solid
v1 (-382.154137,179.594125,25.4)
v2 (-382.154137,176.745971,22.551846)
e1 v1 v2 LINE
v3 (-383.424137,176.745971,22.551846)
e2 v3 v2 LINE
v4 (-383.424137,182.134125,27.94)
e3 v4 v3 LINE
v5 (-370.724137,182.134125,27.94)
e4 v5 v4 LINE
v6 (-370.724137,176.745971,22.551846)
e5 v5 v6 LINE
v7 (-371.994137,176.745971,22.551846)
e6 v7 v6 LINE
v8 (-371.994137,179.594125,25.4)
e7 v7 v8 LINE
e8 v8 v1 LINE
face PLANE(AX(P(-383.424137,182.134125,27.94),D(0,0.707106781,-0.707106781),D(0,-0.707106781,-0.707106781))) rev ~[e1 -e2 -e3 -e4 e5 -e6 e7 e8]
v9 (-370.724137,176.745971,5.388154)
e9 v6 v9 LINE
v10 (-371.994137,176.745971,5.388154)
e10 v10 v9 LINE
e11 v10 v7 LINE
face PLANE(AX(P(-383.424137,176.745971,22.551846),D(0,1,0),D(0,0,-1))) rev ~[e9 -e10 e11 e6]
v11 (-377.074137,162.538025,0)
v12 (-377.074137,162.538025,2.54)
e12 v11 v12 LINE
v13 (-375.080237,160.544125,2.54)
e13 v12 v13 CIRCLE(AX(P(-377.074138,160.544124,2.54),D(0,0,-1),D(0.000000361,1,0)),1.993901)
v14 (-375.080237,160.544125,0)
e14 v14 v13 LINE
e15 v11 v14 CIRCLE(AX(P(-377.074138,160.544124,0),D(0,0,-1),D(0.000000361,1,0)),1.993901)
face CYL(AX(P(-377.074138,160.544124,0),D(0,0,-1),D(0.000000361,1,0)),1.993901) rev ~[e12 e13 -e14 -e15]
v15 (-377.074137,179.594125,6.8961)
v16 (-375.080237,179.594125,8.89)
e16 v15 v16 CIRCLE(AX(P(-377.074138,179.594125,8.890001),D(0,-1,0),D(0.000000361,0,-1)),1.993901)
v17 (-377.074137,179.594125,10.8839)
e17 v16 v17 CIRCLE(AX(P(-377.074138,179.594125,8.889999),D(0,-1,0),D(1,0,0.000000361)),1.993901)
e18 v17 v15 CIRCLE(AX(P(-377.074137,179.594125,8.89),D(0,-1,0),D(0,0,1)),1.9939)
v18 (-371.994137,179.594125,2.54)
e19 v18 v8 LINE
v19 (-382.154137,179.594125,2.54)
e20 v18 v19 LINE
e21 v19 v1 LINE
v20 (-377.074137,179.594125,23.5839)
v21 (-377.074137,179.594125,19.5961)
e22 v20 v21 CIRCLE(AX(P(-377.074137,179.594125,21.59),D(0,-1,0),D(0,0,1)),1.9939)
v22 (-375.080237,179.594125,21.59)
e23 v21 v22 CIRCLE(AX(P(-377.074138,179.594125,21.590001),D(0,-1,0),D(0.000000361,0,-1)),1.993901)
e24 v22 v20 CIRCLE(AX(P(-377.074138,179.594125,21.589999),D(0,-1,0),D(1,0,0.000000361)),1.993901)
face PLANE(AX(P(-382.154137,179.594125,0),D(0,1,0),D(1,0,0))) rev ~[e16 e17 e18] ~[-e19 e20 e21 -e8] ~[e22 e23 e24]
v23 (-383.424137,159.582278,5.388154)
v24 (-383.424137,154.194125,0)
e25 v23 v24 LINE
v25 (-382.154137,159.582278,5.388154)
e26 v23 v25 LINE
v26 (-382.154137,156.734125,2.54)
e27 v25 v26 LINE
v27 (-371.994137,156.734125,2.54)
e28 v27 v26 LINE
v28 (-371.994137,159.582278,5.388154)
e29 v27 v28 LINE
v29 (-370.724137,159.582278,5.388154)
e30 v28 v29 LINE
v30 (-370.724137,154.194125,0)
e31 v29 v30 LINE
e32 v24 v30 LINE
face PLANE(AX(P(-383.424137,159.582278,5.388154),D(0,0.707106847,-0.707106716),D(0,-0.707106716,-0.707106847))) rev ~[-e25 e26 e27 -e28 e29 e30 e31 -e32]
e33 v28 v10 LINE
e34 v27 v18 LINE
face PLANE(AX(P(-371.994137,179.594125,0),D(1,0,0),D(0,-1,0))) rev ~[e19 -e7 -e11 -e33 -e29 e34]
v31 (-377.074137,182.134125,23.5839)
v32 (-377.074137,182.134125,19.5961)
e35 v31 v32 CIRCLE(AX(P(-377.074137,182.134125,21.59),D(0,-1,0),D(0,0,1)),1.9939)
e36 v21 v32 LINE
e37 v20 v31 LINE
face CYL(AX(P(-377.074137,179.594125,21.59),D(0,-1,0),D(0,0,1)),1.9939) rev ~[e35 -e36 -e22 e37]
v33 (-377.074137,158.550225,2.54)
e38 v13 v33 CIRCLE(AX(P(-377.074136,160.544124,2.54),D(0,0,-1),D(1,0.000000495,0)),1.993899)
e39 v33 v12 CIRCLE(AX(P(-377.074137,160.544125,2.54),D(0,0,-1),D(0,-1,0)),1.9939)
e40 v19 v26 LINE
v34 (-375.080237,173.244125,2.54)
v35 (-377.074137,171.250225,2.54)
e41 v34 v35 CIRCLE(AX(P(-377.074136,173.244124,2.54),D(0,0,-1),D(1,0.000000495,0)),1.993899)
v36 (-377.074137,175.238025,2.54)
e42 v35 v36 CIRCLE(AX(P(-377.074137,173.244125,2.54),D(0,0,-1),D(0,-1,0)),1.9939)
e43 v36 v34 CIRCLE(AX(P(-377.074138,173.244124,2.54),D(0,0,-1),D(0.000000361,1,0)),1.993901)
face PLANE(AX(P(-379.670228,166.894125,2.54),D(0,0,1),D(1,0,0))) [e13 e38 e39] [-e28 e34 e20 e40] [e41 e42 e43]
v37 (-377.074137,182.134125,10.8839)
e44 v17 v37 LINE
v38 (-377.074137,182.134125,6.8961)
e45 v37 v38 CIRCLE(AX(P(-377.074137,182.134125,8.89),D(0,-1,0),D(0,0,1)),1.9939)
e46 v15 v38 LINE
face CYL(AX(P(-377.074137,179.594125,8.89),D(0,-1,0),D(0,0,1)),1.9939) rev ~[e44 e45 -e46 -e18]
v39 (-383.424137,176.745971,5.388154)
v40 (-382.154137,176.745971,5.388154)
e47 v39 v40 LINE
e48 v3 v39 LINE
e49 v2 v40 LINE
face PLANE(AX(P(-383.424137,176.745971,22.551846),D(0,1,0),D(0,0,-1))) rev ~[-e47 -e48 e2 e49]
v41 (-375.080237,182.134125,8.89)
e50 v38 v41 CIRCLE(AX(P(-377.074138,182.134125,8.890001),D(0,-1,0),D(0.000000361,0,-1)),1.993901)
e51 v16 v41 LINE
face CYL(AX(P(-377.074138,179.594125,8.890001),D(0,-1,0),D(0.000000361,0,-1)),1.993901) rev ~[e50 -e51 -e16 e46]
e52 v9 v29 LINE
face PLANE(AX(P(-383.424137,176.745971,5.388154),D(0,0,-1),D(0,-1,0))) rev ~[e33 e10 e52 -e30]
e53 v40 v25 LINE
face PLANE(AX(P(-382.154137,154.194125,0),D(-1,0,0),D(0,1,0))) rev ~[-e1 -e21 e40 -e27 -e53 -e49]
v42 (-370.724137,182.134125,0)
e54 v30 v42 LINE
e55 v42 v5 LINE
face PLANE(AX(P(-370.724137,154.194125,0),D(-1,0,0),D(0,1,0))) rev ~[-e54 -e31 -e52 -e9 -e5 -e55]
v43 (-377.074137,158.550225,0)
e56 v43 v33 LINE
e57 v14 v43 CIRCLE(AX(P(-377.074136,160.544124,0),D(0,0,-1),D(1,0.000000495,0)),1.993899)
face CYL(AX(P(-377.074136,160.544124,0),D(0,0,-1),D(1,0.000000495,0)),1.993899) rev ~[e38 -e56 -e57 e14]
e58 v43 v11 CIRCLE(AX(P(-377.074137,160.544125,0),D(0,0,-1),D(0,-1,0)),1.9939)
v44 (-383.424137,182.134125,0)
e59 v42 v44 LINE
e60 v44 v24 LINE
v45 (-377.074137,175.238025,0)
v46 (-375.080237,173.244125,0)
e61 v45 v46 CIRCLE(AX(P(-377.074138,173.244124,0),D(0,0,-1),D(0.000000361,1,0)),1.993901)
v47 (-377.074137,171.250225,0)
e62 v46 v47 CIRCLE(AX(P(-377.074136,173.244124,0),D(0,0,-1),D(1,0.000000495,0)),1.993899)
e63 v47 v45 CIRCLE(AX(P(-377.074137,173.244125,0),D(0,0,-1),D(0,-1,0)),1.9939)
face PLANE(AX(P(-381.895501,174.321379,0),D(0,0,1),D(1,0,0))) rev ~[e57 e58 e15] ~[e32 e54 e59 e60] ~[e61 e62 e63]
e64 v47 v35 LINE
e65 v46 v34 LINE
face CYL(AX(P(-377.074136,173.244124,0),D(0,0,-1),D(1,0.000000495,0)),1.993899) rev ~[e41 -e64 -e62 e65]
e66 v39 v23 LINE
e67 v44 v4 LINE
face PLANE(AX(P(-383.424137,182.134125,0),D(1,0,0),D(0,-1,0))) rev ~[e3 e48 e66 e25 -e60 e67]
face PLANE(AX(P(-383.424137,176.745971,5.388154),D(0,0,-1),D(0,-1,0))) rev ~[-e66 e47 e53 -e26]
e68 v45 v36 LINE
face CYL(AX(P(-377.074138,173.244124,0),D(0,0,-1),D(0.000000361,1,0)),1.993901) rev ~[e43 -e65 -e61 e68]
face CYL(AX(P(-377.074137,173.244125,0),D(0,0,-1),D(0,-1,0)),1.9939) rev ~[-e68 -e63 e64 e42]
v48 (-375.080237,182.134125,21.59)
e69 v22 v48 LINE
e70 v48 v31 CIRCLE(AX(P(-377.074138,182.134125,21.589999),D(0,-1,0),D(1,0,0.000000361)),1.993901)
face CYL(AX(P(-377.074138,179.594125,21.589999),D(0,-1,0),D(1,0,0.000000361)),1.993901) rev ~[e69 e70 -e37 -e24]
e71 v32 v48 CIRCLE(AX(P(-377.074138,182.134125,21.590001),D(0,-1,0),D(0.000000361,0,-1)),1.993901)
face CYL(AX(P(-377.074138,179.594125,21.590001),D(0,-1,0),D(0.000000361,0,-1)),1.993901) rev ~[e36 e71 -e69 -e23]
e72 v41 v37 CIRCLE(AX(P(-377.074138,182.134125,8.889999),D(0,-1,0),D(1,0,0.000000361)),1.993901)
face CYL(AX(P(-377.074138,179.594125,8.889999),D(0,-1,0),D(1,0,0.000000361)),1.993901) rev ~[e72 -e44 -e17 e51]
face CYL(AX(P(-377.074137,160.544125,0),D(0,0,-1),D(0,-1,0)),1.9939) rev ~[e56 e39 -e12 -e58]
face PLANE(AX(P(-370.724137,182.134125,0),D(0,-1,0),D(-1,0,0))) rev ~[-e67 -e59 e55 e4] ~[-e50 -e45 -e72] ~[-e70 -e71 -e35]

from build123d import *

# Parameters (mm, degrees)
F1_DEPTH = 2.54
F0_W     = 1.27
F0_H     = 9.02178
F2_DEPTH = 27.94
F4_DEPTH = 25.4
F6_DEPTH = 38.1


with BuildPart() as f1:
    # F0 (on Top) → F1 (new body)
    with BuildSketch(Plane.XY):
        with BuildLine():
            Line((-382.154137, 163.215905), (-382.154137, 154.194125))
            Line((-382.154137, 154.194125), (-377.074137, 154.194125))
            Line((-377.074137, 154.194125), (-377.074137, 158.550225))
            ThreePointArc((-377.074137, 158.550225), (-379.068037, 160.544125), (-377.074137, 162.538025))
            Line((-377.074137, 162.538025), (-377.074137, 171.250225))
            ThreePointArc((-377.074137, 171.250225), (-379.068037, 173.244125), (-377.074137, 175.238025))
            Line((-377.074137, 175.238025), (-377.074137, 179.594125))
            Line((-377.074137, 179.594125), (-382.154137, 179.594125))
            Line((-382.154137, 179.594125), (-382.154137, 163.215905))
        make_face()
        with BuildLine():
            Line((-377.074137, 158.550225), (-377.074137, 154.194125))
            Line((-377.074137, 154.194125), (-371.994137, 154.194125))
            Line((-371.994137, 154.194125), (-371.994137, 179.594125))
            Line((-371.994137, 179.594125), (-377.074137, 179.594125))
            Line((-377.074137, 179.594125), (-377.074137, 175.238025))
            ThreePointArc((-377.074137, 175.238025), (-375.664237, 174.654025), (-375.080237, 173.244125))
            ThreePointArc((-375.080237, 173.244125), (-375.664237, 171.834224), (-377.074137, 171.250225))
            Line((-377.074137, 171.250225), (-377.074137, 162.538025))
            ThreePointArc((-377.074137, 162.538025), (-375.664237, 161.954025), (-375.080237, 160.544125))
            ThreePointArc((-375.080237, 160.544125), (-375.664237, 159.134224), (-377.074137, 158.550225))
        make_face()
    extrude(amount=F1_DEPTH)

    # F0 (on Top) → F2 (join)
    with BuildSketch(Plane.XY):
        Polygon((-383.424137, 182.134125), (-383.424137, 163.215905), (-382.154137, 163.215905), (-382.154137, 179.594125), (-377.074137, 179.594125), (-377.074137, 182.134125), align=None)
        Polygon((-371.994137, 179.594125), (-371.994137, 154.194125), (-370.724137, 154.194125), (-370.724137, 182.134125), (-377.074137, 182.134125), (-377.074137, 179.594125), align=None)
        with Locations((-382.789137, 158.705015)):
            Rectangle(F0_W, F0_H)
    extrude(amount=F2_DEPTH)

    # F3 (on face) → F4 (cut)
    with BuildSketch(Plane.XZ.offset(-179.594125)):
        with BuildLine():
            Line((-377.074137, 21.59), (-377.074137, 19.5961))
            ThreePointArc((-377.074137, 19.5961), (-375.664237, 20.1801), (-375.080237, 21.59))
            ThreePointArc((-375.080237, 21.59), (-375.664237, 22.9999), (-377.074137, 23.5839))
            Line((-377.074137, 23.5839), (-377.074137, 21.59))
        make_face()
        with BuildLine():
            ThreePointArc((-377.074137, 23.5839), (-379.068037, 21.59), (-377.074137, 19.5961))
            Line((-377.074137, 19.5961), (-377.074137, 21.59))
            Line((-377.074137, 21.59), (-377.074137, 23.5839))
        make_face()
        with BuildLine():
            ThreePointArc((-377.074137, 10.8839), (-379.068037, 8.89), (-377.074137, 6.8961))
            Line((-377.074137, 6.8961), (-377.074137, 8.89))
            Line((-377.074137, 8.89), (-377.074137, 10.8839))
        make_face()
        with BuildLine():
            Line((-377.074137, 8.89), (-377.074137, 6.8961))
            ThreePointArc((-377.074137, 6.8961), (-375.664237, 7.4801), (-375.080237, 8.89))
            ThreePointArc((-375.080237, 8.89), (-375.664237, 10.2999), (-377.074137, 10.8839))
            Line((-377.074137, 10.8839), (-377.074137, 8.89))
        make_face()
    extrude(amount=-F4_DEPTH, mode=Mode.SUBTRACT)

    # F5 (on face) → F6 (cut)
    with BuildSketch(Plane(origin=(-383.424137, 0, 0), x_dir=(0, -1, 0), z_dir=(-1, 0, 0))):
        Polygon((-159.582278, 5.388154), (-154.194125, 0), (-154.194125, 27.94), (-182.134125, 27.94), (-176.745971, 22.551846), (-176.745971, 5.388154), align=None)
    extrude(amount=-F6_DEPTH, mode=Mode.SUBTRACT)


solid = f1.part
